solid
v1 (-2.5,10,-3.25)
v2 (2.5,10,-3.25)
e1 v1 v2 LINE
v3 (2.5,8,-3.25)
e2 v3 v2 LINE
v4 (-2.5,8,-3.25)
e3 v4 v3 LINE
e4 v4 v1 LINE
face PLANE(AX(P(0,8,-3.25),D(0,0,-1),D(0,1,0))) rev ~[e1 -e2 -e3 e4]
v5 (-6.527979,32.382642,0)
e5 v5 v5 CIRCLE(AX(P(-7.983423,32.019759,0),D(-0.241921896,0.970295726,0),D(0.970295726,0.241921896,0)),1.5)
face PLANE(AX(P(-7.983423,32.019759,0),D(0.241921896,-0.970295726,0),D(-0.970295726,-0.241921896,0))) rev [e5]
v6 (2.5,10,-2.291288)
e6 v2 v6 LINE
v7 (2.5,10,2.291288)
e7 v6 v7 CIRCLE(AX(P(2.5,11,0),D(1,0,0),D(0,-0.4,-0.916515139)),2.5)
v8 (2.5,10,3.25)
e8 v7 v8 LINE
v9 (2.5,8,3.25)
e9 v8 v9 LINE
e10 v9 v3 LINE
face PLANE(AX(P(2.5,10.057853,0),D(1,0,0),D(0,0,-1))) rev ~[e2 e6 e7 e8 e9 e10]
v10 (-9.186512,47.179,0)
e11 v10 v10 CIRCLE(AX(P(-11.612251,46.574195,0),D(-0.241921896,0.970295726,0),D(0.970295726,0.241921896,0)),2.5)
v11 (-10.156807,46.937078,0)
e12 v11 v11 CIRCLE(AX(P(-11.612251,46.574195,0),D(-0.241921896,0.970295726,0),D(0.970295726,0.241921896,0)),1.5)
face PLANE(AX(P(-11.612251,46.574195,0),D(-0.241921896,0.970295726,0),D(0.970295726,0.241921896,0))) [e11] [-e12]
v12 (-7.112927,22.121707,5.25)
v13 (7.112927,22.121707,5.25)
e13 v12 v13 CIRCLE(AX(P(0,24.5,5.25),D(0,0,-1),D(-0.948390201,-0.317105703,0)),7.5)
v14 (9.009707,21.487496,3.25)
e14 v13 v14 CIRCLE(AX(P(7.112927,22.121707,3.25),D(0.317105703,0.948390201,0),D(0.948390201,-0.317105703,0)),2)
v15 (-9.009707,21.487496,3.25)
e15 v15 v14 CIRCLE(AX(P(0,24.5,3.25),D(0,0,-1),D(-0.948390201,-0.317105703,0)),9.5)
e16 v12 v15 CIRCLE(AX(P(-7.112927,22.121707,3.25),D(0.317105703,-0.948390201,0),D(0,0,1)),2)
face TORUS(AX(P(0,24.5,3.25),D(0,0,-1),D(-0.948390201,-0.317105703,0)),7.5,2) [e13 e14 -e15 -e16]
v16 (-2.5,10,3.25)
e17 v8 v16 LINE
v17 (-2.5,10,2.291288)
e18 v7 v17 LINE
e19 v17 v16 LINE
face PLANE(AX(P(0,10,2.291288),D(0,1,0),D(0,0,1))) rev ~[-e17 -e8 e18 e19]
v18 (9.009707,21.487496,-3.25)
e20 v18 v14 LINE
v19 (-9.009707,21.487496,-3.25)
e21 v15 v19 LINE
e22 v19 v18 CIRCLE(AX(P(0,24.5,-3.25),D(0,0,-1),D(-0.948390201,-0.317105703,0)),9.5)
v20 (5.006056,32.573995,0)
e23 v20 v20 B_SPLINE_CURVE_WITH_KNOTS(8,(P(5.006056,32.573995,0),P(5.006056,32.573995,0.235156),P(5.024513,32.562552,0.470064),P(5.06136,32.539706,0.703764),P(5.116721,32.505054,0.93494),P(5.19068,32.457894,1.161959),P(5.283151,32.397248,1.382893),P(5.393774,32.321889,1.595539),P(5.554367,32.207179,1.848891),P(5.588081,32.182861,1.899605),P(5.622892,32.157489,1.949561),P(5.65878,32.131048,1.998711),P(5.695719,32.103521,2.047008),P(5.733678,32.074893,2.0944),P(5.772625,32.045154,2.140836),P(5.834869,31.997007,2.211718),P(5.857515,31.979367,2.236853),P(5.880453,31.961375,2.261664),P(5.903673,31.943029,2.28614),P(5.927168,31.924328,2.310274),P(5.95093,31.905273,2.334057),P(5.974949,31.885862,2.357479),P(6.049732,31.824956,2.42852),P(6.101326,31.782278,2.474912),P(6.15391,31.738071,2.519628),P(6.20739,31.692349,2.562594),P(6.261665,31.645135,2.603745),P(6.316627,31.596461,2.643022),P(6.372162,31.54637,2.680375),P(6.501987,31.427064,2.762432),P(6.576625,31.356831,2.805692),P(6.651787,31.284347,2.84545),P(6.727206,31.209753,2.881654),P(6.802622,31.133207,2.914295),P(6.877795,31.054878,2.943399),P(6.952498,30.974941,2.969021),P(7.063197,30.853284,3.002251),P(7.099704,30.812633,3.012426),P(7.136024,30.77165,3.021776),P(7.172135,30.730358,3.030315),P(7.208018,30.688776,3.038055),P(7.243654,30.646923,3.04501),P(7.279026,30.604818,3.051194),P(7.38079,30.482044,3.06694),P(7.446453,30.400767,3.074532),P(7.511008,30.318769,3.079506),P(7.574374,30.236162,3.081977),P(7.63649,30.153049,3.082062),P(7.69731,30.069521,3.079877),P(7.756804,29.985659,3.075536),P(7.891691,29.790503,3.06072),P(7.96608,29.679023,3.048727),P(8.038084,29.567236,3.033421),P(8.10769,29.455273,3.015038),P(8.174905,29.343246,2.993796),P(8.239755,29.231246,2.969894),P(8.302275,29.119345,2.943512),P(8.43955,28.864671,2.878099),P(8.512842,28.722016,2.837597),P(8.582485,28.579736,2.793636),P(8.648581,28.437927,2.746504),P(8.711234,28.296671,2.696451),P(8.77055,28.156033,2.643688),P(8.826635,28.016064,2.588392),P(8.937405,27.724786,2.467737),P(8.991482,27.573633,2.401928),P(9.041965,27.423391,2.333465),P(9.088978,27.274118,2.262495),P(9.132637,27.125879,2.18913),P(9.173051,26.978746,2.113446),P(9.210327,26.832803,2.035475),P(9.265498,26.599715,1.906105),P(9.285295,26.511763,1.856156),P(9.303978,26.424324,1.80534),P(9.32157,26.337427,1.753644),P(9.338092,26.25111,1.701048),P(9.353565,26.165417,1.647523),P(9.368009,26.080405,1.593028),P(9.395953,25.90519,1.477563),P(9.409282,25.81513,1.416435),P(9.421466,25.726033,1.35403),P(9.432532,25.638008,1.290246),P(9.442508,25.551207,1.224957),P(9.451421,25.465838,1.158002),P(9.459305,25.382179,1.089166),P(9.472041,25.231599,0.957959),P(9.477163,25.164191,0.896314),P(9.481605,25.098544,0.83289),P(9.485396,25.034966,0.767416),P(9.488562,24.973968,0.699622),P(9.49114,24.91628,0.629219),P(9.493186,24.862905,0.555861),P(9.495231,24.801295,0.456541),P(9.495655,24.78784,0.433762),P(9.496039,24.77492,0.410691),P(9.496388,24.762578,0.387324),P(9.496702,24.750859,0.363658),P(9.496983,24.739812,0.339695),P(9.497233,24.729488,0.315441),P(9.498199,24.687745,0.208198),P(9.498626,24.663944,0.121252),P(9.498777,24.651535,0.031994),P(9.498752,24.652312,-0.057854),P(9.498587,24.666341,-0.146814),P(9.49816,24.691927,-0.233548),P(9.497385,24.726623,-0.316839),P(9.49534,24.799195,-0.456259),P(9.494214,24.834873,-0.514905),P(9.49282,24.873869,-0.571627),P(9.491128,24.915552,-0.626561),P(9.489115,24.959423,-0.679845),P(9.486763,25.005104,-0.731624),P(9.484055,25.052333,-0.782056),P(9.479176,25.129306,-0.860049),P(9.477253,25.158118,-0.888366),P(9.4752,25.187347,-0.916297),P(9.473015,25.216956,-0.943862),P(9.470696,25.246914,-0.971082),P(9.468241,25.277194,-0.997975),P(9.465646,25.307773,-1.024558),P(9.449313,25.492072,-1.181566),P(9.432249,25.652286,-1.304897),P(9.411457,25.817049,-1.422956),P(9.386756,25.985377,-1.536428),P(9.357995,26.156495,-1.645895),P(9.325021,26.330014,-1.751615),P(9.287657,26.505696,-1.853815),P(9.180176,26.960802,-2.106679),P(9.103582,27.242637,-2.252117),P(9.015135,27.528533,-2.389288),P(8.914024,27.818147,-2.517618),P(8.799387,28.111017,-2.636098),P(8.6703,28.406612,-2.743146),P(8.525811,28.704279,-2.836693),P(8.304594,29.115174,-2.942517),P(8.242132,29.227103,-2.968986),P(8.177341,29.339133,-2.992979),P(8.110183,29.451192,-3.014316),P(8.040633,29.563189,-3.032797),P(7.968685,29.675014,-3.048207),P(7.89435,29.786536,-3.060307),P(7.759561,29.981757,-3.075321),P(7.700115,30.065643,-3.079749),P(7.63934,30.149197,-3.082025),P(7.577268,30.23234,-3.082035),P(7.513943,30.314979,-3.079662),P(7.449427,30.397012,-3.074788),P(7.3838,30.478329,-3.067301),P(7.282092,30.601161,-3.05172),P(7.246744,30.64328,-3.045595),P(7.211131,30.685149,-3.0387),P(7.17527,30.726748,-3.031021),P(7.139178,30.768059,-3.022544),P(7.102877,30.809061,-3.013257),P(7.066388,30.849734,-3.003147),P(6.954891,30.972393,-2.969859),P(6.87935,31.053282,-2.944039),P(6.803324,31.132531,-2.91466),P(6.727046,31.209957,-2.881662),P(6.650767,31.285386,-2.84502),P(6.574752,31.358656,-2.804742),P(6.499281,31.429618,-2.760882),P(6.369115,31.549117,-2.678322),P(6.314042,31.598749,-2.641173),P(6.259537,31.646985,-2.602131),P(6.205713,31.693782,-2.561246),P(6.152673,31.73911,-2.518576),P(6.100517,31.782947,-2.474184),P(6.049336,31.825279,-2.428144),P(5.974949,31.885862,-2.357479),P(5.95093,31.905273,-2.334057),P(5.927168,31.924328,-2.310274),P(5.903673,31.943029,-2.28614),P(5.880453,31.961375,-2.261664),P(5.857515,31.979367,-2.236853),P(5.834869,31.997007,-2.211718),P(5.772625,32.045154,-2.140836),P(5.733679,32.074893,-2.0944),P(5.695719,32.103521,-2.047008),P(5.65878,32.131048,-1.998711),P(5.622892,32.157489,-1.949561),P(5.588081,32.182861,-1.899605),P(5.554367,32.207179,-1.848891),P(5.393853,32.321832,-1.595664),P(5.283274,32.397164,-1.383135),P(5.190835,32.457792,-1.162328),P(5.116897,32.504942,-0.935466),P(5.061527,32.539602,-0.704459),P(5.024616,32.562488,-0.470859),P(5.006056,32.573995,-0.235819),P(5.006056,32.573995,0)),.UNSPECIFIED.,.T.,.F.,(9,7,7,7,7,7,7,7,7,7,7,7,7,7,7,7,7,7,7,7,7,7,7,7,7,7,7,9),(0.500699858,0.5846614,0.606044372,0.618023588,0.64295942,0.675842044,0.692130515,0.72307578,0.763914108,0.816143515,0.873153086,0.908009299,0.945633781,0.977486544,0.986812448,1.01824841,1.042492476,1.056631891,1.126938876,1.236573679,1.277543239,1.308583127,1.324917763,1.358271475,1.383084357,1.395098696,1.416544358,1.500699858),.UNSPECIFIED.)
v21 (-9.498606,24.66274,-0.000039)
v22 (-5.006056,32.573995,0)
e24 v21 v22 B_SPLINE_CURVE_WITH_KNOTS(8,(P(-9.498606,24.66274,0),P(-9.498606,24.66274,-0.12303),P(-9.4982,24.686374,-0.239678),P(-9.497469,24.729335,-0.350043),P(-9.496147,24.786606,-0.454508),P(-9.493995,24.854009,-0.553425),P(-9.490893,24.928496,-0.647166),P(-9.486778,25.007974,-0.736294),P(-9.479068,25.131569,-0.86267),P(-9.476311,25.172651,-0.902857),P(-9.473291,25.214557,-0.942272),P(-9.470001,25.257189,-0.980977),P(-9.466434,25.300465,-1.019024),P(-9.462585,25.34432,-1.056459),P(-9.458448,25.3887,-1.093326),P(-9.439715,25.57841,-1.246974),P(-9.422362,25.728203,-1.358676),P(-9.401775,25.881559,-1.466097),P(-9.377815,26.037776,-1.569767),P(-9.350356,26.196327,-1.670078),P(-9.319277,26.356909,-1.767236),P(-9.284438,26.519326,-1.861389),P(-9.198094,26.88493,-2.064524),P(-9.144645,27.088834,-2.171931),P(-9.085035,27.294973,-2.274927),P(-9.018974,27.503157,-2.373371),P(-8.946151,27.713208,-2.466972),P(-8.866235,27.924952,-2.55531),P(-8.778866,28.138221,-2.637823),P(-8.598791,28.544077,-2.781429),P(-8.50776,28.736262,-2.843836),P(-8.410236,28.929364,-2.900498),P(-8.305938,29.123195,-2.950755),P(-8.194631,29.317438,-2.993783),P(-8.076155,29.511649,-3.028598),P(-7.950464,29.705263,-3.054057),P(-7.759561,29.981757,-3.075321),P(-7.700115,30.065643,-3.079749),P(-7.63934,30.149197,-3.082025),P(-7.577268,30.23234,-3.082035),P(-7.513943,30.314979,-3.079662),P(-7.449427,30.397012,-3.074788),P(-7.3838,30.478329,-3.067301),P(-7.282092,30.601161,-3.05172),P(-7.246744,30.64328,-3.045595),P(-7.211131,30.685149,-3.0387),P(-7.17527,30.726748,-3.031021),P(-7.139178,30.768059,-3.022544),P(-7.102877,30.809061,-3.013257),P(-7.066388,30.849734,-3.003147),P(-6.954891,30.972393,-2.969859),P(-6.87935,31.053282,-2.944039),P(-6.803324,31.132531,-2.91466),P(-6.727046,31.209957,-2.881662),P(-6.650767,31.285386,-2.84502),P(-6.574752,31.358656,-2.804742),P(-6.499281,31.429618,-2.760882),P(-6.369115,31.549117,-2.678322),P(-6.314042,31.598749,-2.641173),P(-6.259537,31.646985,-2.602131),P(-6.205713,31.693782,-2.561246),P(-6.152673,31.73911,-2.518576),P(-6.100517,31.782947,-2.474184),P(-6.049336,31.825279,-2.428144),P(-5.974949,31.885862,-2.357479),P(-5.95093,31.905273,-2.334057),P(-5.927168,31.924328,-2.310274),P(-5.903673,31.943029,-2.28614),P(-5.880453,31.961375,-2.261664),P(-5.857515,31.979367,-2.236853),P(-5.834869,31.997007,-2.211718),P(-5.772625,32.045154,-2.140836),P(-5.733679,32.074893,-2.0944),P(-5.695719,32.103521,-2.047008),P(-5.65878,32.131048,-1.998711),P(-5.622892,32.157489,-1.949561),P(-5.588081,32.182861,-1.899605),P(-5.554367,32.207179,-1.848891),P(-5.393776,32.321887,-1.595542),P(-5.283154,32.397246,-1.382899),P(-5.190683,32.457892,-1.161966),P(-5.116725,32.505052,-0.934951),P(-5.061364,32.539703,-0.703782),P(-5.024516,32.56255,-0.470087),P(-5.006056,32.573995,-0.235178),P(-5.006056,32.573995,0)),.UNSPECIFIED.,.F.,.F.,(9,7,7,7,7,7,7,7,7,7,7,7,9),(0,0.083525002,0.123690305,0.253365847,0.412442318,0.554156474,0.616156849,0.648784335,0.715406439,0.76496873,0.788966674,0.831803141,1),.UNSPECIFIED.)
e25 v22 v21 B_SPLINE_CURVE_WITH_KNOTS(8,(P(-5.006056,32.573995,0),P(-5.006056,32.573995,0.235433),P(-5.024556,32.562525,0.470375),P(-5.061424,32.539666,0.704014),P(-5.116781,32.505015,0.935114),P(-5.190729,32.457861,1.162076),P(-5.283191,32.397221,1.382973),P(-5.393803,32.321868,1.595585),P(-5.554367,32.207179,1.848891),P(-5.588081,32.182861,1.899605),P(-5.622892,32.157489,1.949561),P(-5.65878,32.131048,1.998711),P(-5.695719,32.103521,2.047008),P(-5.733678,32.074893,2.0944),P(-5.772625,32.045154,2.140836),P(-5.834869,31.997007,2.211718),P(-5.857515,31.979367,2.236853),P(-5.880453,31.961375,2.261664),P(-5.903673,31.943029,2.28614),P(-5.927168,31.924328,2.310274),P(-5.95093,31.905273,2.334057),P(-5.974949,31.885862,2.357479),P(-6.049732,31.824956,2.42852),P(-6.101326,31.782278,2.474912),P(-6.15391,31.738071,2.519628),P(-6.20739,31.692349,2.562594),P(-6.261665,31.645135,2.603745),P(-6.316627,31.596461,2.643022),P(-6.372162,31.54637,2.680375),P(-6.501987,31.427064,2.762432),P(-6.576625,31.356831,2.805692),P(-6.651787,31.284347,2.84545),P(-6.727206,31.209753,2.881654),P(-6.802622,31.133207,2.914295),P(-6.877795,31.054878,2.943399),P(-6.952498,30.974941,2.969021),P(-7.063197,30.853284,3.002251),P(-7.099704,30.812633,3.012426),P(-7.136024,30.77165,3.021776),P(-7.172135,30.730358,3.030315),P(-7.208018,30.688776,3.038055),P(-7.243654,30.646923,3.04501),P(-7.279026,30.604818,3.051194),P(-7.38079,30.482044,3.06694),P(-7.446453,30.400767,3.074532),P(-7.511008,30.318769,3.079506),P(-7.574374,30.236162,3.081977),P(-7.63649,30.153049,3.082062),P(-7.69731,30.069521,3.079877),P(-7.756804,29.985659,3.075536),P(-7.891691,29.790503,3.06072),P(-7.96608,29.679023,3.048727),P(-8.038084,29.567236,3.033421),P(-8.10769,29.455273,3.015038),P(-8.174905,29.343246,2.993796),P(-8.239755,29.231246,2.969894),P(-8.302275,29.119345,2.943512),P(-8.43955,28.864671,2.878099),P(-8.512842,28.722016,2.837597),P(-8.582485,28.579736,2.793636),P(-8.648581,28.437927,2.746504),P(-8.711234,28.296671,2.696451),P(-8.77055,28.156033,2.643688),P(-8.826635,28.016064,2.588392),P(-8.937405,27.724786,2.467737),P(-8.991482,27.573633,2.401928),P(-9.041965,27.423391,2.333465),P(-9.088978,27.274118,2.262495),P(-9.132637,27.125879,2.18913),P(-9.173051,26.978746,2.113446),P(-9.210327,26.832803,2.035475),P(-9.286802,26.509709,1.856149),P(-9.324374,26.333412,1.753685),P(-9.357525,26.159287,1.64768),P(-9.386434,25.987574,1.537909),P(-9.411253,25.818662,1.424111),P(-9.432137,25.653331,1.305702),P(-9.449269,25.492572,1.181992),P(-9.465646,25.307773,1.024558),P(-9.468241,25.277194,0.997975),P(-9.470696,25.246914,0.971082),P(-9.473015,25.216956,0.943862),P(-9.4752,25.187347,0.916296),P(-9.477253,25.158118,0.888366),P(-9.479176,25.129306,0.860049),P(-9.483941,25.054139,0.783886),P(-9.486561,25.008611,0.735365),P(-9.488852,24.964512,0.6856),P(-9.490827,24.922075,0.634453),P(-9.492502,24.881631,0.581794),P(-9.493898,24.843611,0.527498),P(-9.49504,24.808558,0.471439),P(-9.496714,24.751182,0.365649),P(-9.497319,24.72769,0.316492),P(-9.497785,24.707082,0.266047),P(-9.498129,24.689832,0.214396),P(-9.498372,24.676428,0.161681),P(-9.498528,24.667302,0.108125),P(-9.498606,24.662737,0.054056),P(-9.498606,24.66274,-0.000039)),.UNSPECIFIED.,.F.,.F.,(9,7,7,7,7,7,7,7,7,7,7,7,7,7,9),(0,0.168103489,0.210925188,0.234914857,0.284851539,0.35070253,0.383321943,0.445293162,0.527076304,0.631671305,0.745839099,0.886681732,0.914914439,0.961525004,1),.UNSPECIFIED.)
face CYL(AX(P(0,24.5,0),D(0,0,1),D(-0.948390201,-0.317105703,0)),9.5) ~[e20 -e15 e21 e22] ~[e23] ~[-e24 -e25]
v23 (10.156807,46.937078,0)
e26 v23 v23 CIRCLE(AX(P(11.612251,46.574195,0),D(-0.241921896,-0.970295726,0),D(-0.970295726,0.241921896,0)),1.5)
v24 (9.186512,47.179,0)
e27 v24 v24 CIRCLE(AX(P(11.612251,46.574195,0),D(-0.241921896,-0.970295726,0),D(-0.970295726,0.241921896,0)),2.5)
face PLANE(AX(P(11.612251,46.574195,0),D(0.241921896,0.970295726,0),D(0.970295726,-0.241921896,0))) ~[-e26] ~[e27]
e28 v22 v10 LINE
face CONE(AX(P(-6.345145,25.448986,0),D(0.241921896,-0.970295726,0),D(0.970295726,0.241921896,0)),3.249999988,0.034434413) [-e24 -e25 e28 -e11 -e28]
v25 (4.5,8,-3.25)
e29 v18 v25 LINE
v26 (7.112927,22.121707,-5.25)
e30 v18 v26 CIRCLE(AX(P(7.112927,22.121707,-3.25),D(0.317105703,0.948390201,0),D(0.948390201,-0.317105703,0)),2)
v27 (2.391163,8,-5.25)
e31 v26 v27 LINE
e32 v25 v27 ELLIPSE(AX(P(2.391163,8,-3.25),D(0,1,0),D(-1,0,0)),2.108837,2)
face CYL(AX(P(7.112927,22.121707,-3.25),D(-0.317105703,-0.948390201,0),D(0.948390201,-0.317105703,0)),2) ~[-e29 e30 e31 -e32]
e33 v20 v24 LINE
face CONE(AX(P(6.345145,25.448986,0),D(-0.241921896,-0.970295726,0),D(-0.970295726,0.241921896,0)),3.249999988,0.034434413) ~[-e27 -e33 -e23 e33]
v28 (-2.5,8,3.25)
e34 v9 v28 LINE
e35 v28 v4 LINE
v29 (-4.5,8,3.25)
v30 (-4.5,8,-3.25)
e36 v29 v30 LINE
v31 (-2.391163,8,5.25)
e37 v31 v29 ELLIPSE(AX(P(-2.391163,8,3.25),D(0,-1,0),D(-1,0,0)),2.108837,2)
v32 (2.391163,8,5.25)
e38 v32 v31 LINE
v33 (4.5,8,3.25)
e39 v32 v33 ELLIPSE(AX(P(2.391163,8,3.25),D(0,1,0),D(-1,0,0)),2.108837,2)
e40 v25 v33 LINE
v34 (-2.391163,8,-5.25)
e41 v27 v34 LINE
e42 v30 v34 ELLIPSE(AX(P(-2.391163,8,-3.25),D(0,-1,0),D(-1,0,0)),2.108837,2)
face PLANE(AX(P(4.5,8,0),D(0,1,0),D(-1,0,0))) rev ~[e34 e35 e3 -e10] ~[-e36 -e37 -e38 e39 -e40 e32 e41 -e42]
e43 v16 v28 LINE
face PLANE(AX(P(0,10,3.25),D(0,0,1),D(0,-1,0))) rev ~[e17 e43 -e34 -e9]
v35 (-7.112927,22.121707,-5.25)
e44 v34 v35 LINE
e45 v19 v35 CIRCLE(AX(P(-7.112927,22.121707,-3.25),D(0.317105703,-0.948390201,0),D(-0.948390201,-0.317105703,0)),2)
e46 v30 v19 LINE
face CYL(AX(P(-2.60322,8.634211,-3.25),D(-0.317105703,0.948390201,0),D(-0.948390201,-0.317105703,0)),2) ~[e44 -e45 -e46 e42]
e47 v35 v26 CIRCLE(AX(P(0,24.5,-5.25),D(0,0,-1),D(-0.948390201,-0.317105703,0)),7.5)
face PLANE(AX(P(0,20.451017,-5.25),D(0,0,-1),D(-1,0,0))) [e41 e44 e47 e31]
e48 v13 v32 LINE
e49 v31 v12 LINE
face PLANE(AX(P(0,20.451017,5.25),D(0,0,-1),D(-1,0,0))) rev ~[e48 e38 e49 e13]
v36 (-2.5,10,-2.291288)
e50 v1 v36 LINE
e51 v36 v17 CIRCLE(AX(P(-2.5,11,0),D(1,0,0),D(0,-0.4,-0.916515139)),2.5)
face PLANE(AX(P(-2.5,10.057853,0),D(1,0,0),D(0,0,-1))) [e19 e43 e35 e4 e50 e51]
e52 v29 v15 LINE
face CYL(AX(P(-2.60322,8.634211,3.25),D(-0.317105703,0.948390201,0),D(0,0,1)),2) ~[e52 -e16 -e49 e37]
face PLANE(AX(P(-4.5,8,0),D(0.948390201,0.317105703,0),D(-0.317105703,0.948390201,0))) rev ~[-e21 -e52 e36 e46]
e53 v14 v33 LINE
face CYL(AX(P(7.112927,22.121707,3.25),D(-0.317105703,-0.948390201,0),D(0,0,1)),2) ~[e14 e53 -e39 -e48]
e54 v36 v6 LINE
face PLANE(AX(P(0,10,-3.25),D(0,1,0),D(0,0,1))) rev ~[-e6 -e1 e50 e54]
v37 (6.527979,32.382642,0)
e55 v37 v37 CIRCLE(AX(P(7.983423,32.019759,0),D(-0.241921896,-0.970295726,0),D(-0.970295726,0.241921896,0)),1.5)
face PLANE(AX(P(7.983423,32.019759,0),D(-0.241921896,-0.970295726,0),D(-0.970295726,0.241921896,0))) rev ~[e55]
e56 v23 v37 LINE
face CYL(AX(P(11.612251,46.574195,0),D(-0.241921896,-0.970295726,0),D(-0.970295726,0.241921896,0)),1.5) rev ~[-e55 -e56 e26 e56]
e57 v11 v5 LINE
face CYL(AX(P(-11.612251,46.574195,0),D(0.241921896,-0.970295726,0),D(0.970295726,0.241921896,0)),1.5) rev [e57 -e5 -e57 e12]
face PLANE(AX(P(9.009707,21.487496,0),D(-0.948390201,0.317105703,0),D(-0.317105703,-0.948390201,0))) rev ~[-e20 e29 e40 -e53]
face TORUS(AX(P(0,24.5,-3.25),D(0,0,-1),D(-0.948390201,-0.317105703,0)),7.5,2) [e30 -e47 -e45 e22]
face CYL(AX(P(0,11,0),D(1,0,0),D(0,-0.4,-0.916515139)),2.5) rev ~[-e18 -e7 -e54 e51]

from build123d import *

# Parameters (mm, degrees)
EXTRUSION1_DEPTH        = 5.25
CONG_1_R                = 2
ENL_V_MAT_EXTRU_1_DEPTH = 2.5


with BuildPart() as part:
    # Esquisse1 → Extrusion1 (new body, symmetric)
    with BuildSketch(Plane.XY):
        with BuildLine():
            Line((4.5, 8), (-4.5, 8))
            Line((-4.5, 8), (-9.009706909, 21.487495824))
            ThreePointArc((-9.009706909, 21.487495824), (0, 34), (9.009706909, 21.487495824))
            Line((9.009706909, 21.487495824), (4.5, 8))
        make_face()
    extrude(amount=EXTRUSION1_DEPTH, both=True)

    # Congé1
    cong_1_edges = [part.edges().sort_by_distance(p)[0] for p in [
        (6.754853455, 14.743747912, 5.25),
        (0, 34, 5.25),
        (-6.754853455, 14.743747912, 5.25),
        (0, 34, -5.25),
        (6.754853455, 14.743747912, -5.25),
        (-6.754853455, 14.743747912, -5.25),
    ]]
    fillet(cong_1_edges, radius=CONG_1_R)

    # Esquisse3 → Révolution2 (revolve)
    with BuildSketch(Plane.XY, mode=Mode.PRIVATE) as r_volution2_sk:
        Polygon((-13.067694578, 46.211312018), (-9.438866144, 31.656876124), (-7.983422555, 32.019758967), (-6.345144878, 25.448986095), (-9.498605988, 24.662739935), (-14.037990304, 45.969390122), align=None)
    r_volution2 = revolve(r_volution2_sk.sketch.rotate(Axis((0, 0, 0), (-0.241921896, 0.970295726, 0)), 180), axis=Axis((0, 0, 0), (-0.241921896, 0.970295726, 0)))  # turned: the seam where the file's is

    # Symétrie1: Révolution2 across plane
    add(r_volution2.mirror(Plane(origin=(0, 0, 0), x_dir=(0, 0, 1), z_dir=(1, 0, 0))))

    # Esquisse5 → Enlèv. mat.-Extru.1 (cut, symmetric)
    with BuildSketch(Plane(origin=(0, 0, 0), x_dir=(0, 0, -1), z_dir=(1, 0, 0))):
        with BuildLine():
            Line((-3.25, 8), (3.25, 8))
            Line((3.25, 8), (3.25, 10))
            Line((3.25, 10), (2.291287847, 10))
            ThreePointArc((2.291287847, 10), (0, 13.5), (-2.291287847, 10))
            Line((-2.291287847, 10), (-3.25, 10))
            Line((-3.25, 10), (-3.25, 8))
        make_face()
    extrude(amount=ENL_V_MAT_EXTRU_1_DEPTH, both=True, mode=Mode.SUBTRACT)


solid = part.part
